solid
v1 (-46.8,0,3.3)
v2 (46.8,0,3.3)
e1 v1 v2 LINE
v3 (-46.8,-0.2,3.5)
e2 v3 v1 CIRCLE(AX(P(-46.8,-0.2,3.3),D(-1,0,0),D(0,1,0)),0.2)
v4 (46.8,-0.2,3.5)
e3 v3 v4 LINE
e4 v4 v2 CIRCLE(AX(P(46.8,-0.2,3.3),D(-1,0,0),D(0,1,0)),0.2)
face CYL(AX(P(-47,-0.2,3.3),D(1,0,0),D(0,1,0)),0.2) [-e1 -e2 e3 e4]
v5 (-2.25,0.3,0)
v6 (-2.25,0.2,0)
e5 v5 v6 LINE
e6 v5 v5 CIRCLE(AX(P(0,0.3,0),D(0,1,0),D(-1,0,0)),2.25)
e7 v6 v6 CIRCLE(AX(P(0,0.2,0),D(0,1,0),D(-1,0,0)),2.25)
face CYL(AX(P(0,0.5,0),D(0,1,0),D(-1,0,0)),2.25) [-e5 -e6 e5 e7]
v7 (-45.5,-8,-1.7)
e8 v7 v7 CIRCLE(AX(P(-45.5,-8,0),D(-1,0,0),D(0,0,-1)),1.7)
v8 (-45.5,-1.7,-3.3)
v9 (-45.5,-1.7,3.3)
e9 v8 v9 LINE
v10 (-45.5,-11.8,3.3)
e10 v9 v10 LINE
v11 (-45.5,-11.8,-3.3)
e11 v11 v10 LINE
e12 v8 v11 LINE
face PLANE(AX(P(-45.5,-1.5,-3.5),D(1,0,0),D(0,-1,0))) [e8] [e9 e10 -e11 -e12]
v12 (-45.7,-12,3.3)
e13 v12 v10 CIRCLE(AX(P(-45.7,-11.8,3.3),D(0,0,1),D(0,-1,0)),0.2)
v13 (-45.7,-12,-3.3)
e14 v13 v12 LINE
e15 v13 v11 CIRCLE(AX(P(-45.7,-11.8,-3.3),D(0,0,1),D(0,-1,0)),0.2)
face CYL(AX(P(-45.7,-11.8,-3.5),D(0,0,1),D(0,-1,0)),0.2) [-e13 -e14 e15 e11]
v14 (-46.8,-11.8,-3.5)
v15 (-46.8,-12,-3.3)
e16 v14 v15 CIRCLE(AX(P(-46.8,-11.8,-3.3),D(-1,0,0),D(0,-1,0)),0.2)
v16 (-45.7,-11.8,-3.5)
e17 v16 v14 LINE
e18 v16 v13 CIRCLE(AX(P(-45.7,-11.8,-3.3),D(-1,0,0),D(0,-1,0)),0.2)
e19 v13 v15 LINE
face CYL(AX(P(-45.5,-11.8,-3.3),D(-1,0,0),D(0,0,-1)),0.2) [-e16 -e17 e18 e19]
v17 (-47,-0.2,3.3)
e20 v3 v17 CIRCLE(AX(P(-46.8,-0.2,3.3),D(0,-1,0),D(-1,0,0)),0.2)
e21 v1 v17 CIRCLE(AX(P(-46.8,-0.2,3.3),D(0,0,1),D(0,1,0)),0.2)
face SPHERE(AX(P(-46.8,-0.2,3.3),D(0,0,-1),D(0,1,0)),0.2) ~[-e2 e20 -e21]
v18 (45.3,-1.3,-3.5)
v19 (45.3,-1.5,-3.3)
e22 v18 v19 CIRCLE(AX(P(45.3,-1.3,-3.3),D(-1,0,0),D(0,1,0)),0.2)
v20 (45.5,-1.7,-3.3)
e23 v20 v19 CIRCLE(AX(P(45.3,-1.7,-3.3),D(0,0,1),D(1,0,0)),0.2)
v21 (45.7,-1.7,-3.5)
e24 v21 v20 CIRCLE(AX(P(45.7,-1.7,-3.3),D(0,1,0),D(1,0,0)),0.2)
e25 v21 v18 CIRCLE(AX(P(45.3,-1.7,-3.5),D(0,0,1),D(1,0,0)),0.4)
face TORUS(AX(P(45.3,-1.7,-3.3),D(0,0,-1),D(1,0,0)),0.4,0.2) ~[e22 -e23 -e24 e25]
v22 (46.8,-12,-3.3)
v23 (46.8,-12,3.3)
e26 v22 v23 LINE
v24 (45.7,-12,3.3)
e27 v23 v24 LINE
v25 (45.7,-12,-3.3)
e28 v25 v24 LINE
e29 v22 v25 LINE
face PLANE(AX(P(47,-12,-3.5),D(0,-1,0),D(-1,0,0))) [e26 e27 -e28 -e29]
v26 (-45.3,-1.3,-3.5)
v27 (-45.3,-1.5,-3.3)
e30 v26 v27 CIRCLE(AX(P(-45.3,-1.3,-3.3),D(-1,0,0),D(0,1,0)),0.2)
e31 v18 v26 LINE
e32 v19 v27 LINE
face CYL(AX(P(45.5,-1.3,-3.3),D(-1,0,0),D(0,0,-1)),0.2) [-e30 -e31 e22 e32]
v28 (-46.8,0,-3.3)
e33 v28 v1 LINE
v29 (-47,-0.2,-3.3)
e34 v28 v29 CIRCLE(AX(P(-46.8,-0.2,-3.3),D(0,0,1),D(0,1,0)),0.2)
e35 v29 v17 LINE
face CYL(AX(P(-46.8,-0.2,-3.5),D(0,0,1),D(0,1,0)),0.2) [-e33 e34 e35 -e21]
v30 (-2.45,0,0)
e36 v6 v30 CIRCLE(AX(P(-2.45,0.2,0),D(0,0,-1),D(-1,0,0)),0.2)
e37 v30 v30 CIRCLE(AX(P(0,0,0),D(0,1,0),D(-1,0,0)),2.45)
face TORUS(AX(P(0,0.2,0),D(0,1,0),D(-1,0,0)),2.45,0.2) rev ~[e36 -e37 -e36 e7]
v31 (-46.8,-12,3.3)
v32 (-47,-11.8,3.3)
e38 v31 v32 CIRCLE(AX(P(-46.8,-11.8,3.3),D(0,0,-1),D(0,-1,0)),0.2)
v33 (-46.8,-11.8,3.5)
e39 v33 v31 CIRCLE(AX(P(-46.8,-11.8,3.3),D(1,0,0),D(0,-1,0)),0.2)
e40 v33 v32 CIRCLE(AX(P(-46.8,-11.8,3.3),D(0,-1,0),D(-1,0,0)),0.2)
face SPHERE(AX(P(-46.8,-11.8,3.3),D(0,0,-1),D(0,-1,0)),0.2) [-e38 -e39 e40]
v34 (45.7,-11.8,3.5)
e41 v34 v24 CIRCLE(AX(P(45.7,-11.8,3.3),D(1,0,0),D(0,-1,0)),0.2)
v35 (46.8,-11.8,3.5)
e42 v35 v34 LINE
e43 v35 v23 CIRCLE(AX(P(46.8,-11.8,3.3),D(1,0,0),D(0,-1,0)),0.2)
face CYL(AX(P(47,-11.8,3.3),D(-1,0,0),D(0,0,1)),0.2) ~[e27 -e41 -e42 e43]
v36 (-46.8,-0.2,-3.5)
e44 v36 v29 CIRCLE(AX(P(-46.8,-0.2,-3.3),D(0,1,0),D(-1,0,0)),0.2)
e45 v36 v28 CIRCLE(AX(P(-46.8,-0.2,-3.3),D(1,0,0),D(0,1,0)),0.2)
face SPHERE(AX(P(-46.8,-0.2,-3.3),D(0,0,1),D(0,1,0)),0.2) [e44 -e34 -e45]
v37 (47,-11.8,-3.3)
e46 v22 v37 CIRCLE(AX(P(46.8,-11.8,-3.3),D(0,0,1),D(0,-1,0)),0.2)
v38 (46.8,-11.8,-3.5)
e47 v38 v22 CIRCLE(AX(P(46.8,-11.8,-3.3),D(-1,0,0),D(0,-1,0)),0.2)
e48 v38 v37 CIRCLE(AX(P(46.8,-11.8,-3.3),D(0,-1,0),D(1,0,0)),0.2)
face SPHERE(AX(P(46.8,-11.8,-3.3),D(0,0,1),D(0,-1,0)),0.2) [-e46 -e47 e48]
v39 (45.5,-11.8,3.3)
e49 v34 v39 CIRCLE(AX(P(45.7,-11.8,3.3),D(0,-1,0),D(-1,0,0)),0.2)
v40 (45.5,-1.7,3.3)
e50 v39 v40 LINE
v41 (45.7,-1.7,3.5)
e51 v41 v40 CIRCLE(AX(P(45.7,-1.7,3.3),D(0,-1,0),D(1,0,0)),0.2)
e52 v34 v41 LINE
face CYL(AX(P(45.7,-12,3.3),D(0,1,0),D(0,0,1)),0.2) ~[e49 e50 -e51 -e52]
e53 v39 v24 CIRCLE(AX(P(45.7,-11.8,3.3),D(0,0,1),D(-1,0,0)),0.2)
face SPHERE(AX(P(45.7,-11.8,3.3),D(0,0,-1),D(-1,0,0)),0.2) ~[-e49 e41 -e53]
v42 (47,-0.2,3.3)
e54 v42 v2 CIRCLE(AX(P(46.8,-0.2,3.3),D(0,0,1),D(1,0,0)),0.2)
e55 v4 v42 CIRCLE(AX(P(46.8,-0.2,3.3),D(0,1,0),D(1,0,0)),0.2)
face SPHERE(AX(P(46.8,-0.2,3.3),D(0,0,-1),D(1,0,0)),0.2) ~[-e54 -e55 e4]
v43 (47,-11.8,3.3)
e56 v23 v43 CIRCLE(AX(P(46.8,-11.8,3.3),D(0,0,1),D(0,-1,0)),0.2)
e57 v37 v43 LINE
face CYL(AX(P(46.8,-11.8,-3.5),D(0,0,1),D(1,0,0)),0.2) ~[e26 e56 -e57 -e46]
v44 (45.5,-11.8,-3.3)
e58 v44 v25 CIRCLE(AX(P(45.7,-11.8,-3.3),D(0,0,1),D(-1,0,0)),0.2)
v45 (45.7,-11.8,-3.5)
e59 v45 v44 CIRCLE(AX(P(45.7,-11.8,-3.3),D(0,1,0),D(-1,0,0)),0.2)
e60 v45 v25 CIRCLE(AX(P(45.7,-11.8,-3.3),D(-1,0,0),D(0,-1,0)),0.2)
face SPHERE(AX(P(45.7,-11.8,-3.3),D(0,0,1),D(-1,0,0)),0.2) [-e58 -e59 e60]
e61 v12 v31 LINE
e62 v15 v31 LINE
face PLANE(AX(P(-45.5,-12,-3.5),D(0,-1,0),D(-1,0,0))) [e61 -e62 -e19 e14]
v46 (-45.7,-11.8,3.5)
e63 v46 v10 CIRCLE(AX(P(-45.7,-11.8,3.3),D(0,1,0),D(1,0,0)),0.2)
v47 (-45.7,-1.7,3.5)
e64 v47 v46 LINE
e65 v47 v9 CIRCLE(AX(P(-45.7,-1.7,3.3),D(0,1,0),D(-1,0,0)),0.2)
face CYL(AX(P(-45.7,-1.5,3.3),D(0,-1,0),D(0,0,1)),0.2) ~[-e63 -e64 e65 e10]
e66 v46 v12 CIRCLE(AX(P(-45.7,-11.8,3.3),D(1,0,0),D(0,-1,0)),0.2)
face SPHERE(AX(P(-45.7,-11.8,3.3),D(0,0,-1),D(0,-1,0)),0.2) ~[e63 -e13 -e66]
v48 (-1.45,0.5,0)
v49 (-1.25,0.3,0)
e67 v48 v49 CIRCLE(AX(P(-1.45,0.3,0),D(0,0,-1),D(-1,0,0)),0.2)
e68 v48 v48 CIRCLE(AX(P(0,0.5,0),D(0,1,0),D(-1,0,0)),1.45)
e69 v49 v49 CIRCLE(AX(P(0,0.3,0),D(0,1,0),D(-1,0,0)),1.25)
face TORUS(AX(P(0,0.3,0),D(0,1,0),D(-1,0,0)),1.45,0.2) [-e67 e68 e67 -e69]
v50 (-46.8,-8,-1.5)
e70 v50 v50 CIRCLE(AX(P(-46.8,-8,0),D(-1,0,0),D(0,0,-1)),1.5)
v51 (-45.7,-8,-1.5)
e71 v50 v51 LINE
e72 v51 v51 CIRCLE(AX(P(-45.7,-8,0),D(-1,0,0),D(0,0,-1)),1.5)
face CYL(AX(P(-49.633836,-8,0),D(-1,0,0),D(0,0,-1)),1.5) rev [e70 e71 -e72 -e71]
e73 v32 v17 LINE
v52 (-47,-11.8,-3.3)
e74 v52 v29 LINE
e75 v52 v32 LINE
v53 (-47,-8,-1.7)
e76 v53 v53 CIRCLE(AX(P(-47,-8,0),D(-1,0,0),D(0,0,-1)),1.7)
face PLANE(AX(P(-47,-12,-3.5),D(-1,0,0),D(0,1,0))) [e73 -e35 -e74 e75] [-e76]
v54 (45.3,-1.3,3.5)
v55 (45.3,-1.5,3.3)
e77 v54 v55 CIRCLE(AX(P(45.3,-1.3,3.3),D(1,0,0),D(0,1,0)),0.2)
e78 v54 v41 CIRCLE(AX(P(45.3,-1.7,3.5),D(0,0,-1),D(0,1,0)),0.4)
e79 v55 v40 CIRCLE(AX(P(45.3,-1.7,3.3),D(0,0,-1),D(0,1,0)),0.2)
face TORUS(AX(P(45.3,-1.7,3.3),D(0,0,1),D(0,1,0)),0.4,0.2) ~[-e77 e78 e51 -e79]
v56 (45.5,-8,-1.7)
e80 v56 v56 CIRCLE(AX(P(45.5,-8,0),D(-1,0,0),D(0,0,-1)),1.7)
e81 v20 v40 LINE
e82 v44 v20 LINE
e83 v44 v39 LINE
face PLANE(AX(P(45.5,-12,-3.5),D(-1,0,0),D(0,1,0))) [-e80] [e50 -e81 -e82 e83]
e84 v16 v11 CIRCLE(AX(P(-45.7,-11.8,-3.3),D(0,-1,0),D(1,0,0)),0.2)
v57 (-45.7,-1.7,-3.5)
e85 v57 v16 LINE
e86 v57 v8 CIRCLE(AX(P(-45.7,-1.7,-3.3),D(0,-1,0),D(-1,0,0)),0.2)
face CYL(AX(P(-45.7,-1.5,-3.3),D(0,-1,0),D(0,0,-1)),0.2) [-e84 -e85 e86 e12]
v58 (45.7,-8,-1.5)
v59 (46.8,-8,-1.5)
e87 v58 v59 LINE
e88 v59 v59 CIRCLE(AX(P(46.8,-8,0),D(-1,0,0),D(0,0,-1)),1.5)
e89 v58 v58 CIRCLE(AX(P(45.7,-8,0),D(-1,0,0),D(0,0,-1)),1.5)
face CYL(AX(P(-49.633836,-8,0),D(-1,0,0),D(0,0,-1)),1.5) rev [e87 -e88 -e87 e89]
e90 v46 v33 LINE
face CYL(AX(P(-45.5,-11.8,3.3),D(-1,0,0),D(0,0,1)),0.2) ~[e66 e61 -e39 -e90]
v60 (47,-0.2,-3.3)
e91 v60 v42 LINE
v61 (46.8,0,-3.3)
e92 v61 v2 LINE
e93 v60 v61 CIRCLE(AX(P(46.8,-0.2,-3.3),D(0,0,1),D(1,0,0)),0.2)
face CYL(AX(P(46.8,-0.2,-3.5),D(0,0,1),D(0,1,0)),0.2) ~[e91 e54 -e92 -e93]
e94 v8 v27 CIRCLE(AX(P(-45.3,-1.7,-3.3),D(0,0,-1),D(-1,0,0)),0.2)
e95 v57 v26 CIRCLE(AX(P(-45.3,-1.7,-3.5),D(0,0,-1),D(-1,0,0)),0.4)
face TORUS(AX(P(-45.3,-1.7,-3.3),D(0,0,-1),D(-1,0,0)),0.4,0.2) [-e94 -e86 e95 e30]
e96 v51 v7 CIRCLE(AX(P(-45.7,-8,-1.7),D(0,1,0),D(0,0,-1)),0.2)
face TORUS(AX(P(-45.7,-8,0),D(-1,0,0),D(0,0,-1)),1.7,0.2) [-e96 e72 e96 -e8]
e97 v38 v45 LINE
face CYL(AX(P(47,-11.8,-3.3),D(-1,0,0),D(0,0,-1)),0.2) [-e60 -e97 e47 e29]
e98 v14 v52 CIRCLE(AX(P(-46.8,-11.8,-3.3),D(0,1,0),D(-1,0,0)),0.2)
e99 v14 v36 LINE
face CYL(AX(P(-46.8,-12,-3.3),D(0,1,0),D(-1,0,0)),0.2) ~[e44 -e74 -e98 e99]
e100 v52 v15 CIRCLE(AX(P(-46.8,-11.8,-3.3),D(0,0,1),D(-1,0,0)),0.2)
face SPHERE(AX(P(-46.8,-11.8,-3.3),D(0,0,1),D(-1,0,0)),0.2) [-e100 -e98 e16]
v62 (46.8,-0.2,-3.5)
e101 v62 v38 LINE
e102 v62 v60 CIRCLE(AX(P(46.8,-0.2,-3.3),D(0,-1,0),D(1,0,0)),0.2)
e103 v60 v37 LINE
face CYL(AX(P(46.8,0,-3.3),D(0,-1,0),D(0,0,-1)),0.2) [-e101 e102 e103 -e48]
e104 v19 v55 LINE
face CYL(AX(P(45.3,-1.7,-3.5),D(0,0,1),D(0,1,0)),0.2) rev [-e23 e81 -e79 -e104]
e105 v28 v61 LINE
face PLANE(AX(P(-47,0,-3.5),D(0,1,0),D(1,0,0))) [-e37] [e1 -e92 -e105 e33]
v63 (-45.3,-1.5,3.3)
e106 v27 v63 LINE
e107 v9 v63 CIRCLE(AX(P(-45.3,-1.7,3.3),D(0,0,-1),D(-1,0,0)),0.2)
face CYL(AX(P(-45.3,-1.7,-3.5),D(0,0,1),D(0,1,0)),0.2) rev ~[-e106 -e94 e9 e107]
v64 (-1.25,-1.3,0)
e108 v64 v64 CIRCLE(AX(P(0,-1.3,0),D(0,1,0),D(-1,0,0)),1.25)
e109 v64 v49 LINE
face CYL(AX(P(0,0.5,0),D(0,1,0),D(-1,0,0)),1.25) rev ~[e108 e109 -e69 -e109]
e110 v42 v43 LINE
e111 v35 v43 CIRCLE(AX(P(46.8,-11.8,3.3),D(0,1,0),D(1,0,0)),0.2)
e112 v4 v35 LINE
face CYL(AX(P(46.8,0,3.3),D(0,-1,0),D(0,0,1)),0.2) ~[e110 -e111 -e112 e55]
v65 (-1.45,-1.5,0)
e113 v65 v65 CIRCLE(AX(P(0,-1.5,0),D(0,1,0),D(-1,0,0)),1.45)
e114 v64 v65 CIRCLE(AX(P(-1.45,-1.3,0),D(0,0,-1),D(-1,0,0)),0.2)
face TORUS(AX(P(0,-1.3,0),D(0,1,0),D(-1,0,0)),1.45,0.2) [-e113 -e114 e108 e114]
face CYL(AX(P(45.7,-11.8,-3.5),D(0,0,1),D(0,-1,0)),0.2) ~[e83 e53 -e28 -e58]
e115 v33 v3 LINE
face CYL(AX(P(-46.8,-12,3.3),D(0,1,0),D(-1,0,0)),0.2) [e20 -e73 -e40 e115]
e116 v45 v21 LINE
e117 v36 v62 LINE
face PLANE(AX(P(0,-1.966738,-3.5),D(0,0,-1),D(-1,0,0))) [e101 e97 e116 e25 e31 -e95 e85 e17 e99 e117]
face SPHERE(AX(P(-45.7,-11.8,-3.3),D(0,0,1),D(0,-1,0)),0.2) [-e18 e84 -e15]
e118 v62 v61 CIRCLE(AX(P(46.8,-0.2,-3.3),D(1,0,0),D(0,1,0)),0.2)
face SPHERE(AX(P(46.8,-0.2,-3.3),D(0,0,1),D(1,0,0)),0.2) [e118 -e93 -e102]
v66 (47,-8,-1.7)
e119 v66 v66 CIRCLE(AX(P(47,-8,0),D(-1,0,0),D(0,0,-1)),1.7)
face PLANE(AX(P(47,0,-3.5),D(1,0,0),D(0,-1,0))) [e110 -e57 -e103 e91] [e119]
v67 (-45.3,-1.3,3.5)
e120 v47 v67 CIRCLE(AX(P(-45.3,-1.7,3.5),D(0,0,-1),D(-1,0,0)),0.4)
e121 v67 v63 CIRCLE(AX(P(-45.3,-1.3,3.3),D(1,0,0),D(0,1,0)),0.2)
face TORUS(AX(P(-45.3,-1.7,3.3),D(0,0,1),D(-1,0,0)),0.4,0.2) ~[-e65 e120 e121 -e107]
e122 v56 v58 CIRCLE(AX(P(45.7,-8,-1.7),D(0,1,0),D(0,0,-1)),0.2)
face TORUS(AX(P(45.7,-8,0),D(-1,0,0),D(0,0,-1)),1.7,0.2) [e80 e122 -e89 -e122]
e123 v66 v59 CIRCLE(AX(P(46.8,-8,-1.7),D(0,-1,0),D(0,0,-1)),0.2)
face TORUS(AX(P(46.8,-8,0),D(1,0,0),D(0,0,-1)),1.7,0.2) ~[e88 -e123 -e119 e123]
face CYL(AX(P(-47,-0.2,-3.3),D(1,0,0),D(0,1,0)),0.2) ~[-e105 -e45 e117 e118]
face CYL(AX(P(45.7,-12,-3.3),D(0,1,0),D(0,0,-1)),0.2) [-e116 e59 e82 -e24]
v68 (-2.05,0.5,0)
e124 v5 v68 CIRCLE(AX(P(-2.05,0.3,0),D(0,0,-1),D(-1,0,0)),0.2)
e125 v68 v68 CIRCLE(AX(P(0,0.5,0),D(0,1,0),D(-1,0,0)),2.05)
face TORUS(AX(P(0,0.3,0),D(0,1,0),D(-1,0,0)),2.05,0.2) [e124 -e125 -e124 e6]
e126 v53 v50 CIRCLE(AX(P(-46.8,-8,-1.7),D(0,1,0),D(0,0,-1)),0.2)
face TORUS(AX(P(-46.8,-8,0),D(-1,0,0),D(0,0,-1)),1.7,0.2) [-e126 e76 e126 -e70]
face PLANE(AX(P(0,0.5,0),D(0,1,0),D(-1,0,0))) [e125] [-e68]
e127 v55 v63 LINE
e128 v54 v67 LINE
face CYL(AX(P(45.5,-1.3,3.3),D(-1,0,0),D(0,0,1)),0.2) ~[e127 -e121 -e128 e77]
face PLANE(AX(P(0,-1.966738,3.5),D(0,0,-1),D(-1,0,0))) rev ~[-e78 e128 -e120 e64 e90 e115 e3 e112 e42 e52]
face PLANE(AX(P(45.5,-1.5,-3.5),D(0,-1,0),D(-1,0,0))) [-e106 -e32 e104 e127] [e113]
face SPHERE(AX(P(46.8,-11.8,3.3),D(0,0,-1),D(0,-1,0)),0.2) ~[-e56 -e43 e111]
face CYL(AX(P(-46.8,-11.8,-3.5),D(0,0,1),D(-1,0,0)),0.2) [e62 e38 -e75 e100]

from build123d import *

# Parameters (mm, degrees)
BOSS_EXTRUDE1_DEPTH      = 3.5
BOSS_EXTRUDE1_DEPTH_BACK = 3.5
SKETCH2_R                = 1.25
CUT_EXTRUDE1_DEPTH       = 3.5
BOSS_EXTRUDE2_START      = 0.5
SKETCH3_R                = 2.25
SKETCH3_R_2              = 1.25
BOSS_EXTRUDE2_DEPTH      = 0.5
CUT_EXTRUDE2_DEPTH       = 49.633835958
CUT_EXTRUDE2_DEPTH_BACK  = 49.633835958
SKETCH4_R                = 1.5
FILLET1_R                = 0.2


with BuildPart() as part:
    # Sketch1 → Boss-Extrude1 (new, two sides: drawn at the far end of the back side and taken through both)
    with BuildSketch(Plane.XY.offset(-BOSS_EXTRUDE1_DEPTH_BACK)):
        Polygon((-47, -12), (-47, 0), (47, 0), (47, -12), (45.5, -12), (45.5, -1.5), (-45.5, -1.5), (-45.5, -12), align=None)
    extrude(amount=BOSS_EXTRUDE1_DEPTH + BOSS_EXTRUDE1_DEPTH_BACK)

    # Sketch2 → Cut-Extrude1 (cut)
    with BuildSketch(Plane(origin=(0, 0, 0), x_dir=(1, 0, 0), z_dir=(0, 1, 0))):
        Circle(SKETCH2_R)
    extrude(amount=-CUT_EXTRUDE1_DEPTH, mode=Mode.SUBTRACT)

    # Sketch3 → Boss-Extrude2 (add)
    with BuildSketch(Plane(origin=(0, 0, 0), x_dir=(1, 0, 0), z_dir=(0, 1, 0)).offset(BOSS_EXTRUDE2_START)):
        Circle(SKETCH3_R)
        Circle(SKETCH3_R_2, mode=Mode.SUBTRACT)
    extrude(amount=-BOSS_EXTRUDE2_DEPTH)

    # Sketch4 → Cut-Extrude2 (cut, two sides: drawn at the far end of the back side and taken through both)
    with BuildSketch(Plane(origin=(0, 0, 0), x_dir=(0, 0, -1), z_dir=(1, 0, 0)).offset(-CUT_EXTRUDE2_DEPTH_BACK)):
        with Locations((0, -8)):
            Circle(SKETCH4_R)
    extrude(amount=CUT_EXTRUDE2_DEPTH + CUT_EXTRUDE2_DEPTH_BACK, mode=Mode.SUBTRACT)

    # Fillet1
    fillet1_edges = [part.edges().sort_by_distance(p)[0] for p in [
        (47, -8, 1.5),
        (-47, -8, 1.5),
        (-45.5, -8, 1.5),
        (45.5, -8, 1.5),
        (-1.25, 0.5, 0),
        (-2.25, 0, 0),
        (-2.25, 0.5, 0),
        (-1.25, -1.5, 0),
        (-46.25, -12, 3.5),
        (-45.5, -6.75, 3.5),
        (0, -1.5, 3.5),
        (45.5, -6.75, 3.5),
        (46.25, -12, 3.5),
        (47, -6, 3.5),
        (-47, -6, 3.5),
        (-46.25, -12, -3.5),
        (-45.5, -6.75, -3.5),
        (0, -1.5, -3.5),
        (45.5, -6.75, -3.5),
        (46.25, -12, -3.5),
        (47, -6, -3.5),
        (0, 0, -3.5),
        (-47, -6, -3.5),
        (-45.5, -12, 0),
        (-45.5, -1.5, 0),
        (45.5, -1.5, 0),
        (45.5, -12, 0),
        (47, -12, 0),
        (47, 0, 0),
        (-47, 0, 0),
        (-47, -12, 0),
        (0, 0, 3.5),
    ]]
    fillet(fillet1_edges, radius=FILLET1_R)


solid = part.part
